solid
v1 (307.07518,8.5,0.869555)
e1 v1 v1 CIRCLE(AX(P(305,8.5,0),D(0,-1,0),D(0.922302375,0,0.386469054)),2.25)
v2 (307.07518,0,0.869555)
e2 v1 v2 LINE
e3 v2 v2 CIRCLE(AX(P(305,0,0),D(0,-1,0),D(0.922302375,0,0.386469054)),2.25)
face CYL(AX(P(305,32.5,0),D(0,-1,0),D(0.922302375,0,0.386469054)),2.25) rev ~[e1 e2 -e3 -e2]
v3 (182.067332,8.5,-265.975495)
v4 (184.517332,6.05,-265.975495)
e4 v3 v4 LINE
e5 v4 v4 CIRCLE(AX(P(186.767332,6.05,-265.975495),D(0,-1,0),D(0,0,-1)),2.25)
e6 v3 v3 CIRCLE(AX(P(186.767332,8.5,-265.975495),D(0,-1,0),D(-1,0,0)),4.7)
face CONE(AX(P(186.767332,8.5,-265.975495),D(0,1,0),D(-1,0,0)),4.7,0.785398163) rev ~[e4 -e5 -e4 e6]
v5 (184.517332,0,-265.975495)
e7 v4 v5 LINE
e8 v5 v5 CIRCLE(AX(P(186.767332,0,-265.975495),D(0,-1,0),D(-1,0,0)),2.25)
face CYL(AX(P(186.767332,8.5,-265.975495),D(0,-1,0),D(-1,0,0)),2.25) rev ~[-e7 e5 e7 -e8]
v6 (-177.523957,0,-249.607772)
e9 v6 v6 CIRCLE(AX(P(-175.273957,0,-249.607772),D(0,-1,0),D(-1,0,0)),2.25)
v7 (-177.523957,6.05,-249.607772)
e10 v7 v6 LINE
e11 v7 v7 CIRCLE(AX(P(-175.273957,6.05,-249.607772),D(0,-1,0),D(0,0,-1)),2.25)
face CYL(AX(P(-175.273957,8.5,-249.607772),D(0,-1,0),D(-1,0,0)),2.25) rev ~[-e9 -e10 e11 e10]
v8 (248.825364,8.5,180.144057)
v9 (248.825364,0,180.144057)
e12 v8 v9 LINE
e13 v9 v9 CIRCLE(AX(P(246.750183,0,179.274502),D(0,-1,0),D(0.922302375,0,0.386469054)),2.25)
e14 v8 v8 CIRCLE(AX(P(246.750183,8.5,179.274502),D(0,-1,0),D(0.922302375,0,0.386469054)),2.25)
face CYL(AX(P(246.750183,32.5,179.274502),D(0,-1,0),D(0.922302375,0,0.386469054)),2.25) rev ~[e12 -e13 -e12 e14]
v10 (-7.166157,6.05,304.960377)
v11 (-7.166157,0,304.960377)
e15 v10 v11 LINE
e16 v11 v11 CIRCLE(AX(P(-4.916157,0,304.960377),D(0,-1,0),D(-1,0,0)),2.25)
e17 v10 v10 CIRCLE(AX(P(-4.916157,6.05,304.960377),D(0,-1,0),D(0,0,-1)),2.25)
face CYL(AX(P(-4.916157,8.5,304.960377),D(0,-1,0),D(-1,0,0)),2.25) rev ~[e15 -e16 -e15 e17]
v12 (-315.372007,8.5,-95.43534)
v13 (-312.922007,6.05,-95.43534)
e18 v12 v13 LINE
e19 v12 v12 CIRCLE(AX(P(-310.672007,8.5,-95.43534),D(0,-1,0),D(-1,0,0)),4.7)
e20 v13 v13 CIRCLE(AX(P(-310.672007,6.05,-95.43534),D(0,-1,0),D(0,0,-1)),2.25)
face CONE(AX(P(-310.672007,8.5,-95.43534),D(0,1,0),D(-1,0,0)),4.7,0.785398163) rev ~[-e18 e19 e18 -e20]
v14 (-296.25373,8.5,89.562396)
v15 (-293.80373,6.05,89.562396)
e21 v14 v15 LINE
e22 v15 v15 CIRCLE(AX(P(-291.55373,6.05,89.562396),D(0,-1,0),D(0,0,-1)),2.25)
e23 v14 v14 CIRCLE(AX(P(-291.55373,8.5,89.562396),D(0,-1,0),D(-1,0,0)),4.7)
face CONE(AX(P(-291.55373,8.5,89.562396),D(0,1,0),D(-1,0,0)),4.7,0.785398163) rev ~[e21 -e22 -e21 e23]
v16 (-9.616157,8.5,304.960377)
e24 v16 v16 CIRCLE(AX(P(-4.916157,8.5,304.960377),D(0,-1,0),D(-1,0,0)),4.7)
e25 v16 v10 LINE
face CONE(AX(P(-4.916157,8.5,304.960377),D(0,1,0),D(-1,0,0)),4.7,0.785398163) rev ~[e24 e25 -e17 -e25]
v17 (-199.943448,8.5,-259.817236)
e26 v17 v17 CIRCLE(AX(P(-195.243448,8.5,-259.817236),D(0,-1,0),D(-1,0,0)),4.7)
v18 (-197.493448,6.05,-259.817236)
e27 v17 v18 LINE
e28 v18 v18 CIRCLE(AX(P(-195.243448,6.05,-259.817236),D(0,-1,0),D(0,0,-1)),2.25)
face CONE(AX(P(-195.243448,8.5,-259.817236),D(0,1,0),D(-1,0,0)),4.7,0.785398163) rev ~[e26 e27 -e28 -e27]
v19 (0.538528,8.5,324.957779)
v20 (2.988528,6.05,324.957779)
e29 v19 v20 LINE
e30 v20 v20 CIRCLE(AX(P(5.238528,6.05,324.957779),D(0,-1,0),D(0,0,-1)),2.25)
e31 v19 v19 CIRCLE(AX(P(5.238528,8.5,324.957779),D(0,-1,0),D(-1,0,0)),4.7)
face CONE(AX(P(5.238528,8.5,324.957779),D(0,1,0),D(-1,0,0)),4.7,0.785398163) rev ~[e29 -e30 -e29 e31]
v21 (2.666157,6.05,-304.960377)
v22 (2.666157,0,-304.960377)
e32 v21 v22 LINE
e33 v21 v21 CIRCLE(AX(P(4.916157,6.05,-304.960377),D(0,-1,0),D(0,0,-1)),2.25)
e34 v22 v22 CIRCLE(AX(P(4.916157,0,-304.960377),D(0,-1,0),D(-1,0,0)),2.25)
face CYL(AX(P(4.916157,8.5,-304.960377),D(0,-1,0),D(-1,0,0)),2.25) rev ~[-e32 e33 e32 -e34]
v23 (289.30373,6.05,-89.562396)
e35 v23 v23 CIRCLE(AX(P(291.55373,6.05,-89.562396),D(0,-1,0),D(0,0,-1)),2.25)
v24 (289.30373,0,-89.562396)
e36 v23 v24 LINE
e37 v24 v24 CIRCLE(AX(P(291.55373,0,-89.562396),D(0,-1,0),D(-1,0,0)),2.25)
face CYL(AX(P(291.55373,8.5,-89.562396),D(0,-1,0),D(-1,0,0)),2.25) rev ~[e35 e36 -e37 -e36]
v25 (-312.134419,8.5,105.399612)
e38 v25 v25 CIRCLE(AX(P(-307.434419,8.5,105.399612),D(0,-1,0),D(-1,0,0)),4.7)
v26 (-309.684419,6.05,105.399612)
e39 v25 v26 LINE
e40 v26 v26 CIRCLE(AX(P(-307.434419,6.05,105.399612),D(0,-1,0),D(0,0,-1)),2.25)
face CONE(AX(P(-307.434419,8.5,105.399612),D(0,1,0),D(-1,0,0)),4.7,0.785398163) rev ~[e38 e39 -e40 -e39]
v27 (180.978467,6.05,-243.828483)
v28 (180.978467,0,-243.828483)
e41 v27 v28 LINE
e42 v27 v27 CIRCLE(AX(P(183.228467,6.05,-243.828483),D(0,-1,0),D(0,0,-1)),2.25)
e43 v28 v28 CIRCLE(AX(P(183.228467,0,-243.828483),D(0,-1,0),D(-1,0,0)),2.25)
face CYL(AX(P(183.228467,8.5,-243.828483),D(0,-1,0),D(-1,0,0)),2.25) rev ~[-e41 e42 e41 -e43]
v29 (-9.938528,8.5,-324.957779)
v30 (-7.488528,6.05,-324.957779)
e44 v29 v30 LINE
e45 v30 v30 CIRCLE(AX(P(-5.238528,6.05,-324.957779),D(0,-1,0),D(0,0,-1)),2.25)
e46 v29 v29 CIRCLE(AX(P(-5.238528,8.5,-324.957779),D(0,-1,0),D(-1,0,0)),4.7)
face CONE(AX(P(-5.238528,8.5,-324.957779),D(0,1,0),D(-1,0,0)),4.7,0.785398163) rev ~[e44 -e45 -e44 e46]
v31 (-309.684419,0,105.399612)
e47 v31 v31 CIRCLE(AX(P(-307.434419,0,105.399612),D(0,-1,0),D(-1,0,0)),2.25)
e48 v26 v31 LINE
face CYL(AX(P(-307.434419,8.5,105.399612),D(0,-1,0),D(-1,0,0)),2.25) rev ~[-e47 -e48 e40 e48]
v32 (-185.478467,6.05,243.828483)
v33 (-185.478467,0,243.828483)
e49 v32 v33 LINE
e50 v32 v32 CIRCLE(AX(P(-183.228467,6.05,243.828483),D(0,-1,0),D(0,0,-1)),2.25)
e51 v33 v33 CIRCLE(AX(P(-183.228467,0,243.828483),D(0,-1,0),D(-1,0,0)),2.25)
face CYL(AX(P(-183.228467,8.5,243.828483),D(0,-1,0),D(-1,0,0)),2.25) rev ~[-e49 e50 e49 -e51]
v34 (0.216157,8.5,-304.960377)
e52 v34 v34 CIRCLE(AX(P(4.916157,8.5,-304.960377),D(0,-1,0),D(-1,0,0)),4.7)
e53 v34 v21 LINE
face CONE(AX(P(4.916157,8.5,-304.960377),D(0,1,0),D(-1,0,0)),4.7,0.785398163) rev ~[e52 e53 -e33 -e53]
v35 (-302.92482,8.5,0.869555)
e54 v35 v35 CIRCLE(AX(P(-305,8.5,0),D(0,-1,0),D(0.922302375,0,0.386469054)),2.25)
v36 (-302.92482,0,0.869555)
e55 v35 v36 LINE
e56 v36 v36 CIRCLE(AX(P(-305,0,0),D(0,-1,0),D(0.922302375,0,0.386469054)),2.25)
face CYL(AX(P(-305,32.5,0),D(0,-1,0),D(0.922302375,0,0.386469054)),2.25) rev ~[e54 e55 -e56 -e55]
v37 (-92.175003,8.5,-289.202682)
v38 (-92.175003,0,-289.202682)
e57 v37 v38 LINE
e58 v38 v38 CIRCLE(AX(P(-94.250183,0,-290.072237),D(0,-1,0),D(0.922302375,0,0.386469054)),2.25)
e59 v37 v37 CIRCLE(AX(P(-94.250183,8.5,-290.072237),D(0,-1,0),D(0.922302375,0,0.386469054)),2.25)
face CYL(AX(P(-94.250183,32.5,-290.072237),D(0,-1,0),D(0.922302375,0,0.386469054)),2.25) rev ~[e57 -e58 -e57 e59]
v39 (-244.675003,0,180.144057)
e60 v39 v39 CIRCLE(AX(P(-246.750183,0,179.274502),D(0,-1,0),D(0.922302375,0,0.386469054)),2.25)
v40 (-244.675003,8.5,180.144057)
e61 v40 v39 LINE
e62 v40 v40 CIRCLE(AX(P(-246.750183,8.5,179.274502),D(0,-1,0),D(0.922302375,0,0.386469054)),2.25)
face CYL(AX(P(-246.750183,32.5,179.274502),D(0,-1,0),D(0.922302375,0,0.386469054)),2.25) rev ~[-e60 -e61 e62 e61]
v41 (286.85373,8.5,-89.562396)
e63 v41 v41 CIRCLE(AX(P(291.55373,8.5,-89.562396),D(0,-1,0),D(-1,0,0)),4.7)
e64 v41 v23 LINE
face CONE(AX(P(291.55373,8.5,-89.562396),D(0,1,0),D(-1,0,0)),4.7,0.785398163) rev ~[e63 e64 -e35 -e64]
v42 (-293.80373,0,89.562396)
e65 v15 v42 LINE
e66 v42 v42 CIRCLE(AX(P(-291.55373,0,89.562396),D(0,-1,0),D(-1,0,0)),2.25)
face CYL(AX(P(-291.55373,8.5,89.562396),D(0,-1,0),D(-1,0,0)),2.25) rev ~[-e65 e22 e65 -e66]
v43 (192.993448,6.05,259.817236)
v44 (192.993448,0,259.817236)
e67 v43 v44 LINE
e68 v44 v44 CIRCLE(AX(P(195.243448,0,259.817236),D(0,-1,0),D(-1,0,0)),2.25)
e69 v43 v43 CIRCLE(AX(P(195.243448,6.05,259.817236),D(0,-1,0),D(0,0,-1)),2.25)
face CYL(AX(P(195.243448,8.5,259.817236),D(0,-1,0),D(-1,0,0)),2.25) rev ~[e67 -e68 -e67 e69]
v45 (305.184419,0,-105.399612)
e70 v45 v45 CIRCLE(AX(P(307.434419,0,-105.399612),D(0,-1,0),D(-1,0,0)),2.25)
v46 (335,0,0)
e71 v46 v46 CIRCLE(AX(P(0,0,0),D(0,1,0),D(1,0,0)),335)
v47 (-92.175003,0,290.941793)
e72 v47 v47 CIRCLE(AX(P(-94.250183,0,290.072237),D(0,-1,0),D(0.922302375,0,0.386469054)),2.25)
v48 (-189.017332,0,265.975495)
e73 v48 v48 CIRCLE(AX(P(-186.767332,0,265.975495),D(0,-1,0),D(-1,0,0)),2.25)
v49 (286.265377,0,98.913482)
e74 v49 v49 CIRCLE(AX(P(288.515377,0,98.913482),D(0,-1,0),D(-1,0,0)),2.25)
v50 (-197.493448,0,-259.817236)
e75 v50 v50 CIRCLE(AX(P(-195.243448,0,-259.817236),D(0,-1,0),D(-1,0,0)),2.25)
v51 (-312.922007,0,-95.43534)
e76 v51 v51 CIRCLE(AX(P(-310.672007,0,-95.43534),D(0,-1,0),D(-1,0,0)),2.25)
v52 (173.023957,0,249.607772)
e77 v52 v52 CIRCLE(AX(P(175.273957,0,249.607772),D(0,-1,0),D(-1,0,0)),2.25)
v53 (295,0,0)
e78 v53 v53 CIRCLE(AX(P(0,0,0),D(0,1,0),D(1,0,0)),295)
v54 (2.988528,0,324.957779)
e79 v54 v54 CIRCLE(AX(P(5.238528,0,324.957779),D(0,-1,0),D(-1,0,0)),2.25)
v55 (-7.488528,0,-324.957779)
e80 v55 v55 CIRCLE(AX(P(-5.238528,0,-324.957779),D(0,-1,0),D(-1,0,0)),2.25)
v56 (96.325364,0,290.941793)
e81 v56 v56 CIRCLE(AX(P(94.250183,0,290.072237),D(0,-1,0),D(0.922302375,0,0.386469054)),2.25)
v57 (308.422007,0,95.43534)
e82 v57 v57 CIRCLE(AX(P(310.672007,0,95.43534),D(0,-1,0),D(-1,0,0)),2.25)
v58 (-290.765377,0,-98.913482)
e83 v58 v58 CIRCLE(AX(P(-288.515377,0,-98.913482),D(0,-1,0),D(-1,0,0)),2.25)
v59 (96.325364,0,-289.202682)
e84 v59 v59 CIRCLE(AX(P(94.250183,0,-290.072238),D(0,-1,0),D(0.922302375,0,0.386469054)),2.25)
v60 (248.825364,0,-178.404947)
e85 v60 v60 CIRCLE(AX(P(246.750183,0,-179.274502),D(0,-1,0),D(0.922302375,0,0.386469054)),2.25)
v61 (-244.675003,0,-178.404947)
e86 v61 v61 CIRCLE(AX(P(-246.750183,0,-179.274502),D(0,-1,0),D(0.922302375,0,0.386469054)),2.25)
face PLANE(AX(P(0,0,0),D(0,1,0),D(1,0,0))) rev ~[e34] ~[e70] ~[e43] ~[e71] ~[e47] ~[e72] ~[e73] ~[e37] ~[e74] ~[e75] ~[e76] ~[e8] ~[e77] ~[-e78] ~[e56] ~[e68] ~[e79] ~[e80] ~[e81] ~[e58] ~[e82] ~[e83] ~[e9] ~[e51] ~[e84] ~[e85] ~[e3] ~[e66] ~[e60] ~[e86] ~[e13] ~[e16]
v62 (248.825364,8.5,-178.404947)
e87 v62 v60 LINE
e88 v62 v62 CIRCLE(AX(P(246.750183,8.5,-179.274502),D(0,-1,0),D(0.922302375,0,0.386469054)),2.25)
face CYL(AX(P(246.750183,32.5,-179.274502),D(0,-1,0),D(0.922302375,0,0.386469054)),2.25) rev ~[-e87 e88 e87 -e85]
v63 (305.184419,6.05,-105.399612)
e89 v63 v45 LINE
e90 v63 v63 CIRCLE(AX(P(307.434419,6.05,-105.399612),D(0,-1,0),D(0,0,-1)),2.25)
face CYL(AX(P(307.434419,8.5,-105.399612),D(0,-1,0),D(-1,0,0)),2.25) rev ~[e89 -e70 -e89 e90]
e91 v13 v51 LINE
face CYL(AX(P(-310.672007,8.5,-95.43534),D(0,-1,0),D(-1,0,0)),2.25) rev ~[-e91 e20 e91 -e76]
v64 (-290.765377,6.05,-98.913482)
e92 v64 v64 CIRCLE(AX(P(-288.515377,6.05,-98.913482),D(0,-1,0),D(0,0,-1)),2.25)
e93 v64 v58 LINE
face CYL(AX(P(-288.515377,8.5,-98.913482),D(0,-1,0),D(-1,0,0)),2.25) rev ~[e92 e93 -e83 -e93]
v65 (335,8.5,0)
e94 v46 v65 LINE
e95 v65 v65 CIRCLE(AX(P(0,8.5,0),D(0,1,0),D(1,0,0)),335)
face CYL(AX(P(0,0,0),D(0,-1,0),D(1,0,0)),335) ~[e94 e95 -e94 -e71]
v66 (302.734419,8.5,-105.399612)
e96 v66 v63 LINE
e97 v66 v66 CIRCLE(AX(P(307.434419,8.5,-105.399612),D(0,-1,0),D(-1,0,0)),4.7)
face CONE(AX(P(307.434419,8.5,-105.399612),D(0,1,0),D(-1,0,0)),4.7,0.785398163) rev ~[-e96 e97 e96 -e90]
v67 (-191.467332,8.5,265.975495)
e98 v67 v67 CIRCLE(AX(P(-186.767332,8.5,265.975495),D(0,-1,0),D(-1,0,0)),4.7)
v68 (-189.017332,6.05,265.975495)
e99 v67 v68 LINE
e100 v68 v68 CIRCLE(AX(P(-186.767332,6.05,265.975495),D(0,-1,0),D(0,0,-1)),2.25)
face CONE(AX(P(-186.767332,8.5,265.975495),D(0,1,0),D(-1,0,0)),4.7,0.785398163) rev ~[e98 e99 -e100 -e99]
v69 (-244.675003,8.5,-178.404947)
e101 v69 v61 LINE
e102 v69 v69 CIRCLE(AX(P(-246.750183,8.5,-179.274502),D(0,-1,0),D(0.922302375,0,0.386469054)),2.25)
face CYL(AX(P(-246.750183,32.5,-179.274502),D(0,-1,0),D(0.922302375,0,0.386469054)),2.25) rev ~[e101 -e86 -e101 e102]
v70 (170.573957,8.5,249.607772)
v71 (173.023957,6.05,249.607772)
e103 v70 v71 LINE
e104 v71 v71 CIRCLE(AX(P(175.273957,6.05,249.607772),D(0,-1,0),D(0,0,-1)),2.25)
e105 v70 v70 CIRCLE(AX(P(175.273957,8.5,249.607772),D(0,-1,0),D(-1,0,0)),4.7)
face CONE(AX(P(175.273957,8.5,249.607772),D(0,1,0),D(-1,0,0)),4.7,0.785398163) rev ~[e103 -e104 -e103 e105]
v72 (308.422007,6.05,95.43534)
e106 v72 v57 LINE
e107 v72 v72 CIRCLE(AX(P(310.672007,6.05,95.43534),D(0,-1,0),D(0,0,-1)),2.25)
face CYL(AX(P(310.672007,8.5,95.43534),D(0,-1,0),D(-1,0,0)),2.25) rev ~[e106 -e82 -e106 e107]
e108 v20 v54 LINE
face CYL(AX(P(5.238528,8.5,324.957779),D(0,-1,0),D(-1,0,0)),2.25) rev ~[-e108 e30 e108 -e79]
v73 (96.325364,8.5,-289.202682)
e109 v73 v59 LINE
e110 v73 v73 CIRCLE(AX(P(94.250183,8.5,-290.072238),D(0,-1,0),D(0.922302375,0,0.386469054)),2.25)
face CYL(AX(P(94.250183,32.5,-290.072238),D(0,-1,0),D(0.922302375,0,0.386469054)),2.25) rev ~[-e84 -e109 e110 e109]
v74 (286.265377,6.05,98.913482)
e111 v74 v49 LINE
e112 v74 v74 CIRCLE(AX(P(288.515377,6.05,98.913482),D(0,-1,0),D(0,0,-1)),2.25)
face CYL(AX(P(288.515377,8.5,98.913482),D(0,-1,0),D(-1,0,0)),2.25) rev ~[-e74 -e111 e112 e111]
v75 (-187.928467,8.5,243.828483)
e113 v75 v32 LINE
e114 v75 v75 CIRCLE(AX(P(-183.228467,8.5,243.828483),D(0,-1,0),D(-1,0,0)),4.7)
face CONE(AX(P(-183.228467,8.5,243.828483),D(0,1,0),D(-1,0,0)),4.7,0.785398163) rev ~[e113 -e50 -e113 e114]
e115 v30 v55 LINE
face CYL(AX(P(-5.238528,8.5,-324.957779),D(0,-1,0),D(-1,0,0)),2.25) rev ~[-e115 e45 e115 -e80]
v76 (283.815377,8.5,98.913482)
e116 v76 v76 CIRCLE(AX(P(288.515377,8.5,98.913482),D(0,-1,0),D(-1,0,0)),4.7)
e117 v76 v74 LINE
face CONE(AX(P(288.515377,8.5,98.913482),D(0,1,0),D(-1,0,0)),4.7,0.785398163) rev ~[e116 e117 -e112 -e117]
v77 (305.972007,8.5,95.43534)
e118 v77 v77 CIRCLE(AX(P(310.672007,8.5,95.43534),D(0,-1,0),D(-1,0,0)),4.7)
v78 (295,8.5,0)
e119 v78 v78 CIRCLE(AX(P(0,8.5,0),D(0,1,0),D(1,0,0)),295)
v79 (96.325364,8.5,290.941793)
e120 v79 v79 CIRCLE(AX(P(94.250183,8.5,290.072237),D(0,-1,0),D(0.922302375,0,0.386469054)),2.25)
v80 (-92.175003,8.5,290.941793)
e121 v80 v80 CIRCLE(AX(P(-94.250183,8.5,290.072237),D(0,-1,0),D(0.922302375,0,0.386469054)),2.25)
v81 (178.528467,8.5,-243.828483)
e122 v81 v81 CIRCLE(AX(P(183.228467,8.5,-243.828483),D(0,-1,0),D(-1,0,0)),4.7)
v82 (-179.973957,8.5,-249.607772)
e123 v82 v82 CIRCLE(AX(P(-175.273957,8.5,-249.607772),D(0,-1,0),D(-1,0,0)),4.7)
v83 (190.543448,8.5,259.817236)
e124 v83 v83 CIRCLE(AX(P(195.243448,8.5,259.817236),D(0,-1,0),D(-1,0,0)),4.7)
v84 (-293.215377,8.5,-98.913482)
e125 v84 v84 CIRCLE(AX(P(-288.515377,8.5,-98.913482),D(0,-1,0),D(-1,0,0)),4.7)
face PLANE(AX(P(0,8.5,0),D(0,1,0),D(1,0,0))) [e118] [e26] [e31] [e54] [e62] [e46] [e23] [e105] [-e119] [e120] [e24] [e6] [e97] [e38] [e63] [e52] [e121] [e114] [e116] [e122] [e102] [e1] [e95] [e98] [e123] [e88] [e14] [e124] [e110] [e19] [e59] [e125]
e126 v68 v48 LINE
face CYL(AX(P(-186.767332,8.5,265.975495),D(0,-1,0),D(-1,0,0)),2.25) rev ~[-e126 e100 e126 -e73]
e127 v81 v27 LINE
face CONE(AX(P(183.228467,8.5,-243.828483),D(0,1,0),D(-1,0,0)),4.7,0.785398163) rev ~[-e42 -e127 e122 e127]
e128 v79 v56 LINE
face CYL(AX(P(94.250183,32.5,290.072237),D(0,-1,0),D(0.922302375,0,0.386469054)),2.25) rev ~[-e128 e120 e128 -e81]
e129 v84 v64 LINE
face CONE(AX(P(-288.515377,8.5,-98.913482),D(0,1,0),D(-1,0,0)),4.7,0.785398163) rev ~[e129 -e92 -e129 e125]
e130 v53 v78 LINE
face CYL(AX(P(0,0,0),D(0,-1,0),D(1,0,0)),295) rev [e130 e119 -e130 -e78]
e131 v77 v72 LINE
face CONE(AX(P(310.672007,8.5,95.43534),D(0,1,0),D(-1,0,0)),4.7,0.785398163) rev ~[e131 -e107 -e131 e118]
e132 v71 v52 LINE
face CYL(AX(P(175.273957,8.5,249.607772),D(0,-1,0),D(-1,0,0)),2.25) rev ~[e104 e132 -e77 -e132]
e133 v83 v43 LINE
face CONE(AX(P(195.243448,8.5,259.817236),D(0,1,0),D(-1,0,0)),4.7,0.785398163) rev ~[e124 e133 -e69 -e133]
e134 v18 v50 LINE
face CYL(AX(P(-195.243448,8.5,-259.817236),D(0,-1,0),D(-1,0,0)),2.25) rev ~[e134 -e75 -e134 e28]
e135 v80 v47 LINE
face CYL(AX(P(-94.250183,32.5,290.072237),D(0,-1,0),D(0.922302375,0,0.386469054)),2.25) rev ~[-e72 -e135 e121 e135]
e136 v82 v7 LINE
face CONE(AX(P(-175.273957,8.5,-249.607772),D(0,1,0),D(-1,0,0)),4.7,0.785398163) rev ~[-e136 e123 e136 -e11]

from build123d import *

# Parameters (mm, degrees)
SKETCH1_R                                       = 335
SKETCH1_R_2                                     = 295
BOSS_EXTRUDE1_DEPTH                             = 8.5
CBORE_FOR_M4_SHCS1_D                            = 4.5
CBORE_FOR_M4_SHCS1_CBORE_D                      = 8
CBORE_FOR_M4_SHCS1_CBORE_DEPTH                  = 4
CSK_FOR_M4_FLAT_HEAD_MACHINE_SCREW1_D           = 4.5
CSK_FOR_M4_FLAT_HEAD_MACHINE_SCREW1_CSINK_D     = 9.4
CSK_FOR_M4_FLAT_HEAD_MACHINE_SCREW1_CSINK_ANGLE = 90


with BuildPart() as part:
    # Sketch1 → Boss-Extrude1 (new body)
    with BuildSketch(Plane(origin=(0, 0, 0), x_dir=(1, 0, 0), z_dir=(0, 1, 0))):
        Circle(SKETCH1_R)
        Circle(SKETCH1_R_2, mode=Mode.SUBTRACT)
    extrude(amount=BOSS_EXTRUDE1_DEPTH)

    # CBORE for M4 SHCS1 (through all)
    with Locations(Plane(origin=(-255.59713911, 32.5, 6.312571873), x_dir=(-0.922302375, 0, -0.386469054), z_dir=(0, 1, 0))):
        with Locations((-208.121459337, -408.561577194), (-34.267123624, -335.712018853), (63.564092484, -174.586473543), (48.003989595, 13.270576883), (-75.004001856, 156.104124188), (-258.475010022, 199.356608036), (-432.329345735, 126.507049694), (-530.160561843, -34.618495616), (-514.600458954, -222.475546041), (-391.592467503, -365.309093346)):
            CounterBoreHole(CBORE_FOR_M4_SHCS1_D / 2, CBORE_FOR_M4_SHCS1_CBORE_D / 2, CBORE_FOR_M4_SHCS1_CBORE_DEPTH)

    # CSK for M4 Flat Head Machine Screw1 (through all)
    with Locations(Plane(origin=(68.292311883, 8.5, -24.828551781), x_dir=(1, 0, 0), z_dir=(0, 1, 0))):
        with Locations((-375.726730436, -130.228164158), (-378.9643189, 70.606787878), (-263.535760038, 234.988683892), (-73.530840061, 300.129226742), (118.475019629, 241.146943105), (239.14210667, 80.571060596), (242.379695134, -120.26389144), (126.951136271, -284.645787454), (-63.053783706, -349.786330304), (-255.059643396, -290.804046667), (-359.846041546, -114.390947461), (-356.807689294, 74.084930603), (-243.566269149, 224.779220342), (-63.376154671, 280.131824986), (114.936154846, 218.999930927), (223.261417779, 64.733843899), (220.223065528, -123.742034166), (106.981645382, -274.436323905), (-73.208469096, -329.788928549), (-251.520778613, -268.65703449)):
            CounterSinkHole(CSK_FOR_M4_FLAT_HEAD_MACHINE_SCREW1_D / 2, CSK_FOR_M4_FLAT_HEAD_MACHINE_SCREW1_CSINK_D / 2, counter_sink_angle=CSK_FOR_M4_FLAT_HEAD_MACHINE_SCREW1_CSINK_ANGLE)


solid = part.part
